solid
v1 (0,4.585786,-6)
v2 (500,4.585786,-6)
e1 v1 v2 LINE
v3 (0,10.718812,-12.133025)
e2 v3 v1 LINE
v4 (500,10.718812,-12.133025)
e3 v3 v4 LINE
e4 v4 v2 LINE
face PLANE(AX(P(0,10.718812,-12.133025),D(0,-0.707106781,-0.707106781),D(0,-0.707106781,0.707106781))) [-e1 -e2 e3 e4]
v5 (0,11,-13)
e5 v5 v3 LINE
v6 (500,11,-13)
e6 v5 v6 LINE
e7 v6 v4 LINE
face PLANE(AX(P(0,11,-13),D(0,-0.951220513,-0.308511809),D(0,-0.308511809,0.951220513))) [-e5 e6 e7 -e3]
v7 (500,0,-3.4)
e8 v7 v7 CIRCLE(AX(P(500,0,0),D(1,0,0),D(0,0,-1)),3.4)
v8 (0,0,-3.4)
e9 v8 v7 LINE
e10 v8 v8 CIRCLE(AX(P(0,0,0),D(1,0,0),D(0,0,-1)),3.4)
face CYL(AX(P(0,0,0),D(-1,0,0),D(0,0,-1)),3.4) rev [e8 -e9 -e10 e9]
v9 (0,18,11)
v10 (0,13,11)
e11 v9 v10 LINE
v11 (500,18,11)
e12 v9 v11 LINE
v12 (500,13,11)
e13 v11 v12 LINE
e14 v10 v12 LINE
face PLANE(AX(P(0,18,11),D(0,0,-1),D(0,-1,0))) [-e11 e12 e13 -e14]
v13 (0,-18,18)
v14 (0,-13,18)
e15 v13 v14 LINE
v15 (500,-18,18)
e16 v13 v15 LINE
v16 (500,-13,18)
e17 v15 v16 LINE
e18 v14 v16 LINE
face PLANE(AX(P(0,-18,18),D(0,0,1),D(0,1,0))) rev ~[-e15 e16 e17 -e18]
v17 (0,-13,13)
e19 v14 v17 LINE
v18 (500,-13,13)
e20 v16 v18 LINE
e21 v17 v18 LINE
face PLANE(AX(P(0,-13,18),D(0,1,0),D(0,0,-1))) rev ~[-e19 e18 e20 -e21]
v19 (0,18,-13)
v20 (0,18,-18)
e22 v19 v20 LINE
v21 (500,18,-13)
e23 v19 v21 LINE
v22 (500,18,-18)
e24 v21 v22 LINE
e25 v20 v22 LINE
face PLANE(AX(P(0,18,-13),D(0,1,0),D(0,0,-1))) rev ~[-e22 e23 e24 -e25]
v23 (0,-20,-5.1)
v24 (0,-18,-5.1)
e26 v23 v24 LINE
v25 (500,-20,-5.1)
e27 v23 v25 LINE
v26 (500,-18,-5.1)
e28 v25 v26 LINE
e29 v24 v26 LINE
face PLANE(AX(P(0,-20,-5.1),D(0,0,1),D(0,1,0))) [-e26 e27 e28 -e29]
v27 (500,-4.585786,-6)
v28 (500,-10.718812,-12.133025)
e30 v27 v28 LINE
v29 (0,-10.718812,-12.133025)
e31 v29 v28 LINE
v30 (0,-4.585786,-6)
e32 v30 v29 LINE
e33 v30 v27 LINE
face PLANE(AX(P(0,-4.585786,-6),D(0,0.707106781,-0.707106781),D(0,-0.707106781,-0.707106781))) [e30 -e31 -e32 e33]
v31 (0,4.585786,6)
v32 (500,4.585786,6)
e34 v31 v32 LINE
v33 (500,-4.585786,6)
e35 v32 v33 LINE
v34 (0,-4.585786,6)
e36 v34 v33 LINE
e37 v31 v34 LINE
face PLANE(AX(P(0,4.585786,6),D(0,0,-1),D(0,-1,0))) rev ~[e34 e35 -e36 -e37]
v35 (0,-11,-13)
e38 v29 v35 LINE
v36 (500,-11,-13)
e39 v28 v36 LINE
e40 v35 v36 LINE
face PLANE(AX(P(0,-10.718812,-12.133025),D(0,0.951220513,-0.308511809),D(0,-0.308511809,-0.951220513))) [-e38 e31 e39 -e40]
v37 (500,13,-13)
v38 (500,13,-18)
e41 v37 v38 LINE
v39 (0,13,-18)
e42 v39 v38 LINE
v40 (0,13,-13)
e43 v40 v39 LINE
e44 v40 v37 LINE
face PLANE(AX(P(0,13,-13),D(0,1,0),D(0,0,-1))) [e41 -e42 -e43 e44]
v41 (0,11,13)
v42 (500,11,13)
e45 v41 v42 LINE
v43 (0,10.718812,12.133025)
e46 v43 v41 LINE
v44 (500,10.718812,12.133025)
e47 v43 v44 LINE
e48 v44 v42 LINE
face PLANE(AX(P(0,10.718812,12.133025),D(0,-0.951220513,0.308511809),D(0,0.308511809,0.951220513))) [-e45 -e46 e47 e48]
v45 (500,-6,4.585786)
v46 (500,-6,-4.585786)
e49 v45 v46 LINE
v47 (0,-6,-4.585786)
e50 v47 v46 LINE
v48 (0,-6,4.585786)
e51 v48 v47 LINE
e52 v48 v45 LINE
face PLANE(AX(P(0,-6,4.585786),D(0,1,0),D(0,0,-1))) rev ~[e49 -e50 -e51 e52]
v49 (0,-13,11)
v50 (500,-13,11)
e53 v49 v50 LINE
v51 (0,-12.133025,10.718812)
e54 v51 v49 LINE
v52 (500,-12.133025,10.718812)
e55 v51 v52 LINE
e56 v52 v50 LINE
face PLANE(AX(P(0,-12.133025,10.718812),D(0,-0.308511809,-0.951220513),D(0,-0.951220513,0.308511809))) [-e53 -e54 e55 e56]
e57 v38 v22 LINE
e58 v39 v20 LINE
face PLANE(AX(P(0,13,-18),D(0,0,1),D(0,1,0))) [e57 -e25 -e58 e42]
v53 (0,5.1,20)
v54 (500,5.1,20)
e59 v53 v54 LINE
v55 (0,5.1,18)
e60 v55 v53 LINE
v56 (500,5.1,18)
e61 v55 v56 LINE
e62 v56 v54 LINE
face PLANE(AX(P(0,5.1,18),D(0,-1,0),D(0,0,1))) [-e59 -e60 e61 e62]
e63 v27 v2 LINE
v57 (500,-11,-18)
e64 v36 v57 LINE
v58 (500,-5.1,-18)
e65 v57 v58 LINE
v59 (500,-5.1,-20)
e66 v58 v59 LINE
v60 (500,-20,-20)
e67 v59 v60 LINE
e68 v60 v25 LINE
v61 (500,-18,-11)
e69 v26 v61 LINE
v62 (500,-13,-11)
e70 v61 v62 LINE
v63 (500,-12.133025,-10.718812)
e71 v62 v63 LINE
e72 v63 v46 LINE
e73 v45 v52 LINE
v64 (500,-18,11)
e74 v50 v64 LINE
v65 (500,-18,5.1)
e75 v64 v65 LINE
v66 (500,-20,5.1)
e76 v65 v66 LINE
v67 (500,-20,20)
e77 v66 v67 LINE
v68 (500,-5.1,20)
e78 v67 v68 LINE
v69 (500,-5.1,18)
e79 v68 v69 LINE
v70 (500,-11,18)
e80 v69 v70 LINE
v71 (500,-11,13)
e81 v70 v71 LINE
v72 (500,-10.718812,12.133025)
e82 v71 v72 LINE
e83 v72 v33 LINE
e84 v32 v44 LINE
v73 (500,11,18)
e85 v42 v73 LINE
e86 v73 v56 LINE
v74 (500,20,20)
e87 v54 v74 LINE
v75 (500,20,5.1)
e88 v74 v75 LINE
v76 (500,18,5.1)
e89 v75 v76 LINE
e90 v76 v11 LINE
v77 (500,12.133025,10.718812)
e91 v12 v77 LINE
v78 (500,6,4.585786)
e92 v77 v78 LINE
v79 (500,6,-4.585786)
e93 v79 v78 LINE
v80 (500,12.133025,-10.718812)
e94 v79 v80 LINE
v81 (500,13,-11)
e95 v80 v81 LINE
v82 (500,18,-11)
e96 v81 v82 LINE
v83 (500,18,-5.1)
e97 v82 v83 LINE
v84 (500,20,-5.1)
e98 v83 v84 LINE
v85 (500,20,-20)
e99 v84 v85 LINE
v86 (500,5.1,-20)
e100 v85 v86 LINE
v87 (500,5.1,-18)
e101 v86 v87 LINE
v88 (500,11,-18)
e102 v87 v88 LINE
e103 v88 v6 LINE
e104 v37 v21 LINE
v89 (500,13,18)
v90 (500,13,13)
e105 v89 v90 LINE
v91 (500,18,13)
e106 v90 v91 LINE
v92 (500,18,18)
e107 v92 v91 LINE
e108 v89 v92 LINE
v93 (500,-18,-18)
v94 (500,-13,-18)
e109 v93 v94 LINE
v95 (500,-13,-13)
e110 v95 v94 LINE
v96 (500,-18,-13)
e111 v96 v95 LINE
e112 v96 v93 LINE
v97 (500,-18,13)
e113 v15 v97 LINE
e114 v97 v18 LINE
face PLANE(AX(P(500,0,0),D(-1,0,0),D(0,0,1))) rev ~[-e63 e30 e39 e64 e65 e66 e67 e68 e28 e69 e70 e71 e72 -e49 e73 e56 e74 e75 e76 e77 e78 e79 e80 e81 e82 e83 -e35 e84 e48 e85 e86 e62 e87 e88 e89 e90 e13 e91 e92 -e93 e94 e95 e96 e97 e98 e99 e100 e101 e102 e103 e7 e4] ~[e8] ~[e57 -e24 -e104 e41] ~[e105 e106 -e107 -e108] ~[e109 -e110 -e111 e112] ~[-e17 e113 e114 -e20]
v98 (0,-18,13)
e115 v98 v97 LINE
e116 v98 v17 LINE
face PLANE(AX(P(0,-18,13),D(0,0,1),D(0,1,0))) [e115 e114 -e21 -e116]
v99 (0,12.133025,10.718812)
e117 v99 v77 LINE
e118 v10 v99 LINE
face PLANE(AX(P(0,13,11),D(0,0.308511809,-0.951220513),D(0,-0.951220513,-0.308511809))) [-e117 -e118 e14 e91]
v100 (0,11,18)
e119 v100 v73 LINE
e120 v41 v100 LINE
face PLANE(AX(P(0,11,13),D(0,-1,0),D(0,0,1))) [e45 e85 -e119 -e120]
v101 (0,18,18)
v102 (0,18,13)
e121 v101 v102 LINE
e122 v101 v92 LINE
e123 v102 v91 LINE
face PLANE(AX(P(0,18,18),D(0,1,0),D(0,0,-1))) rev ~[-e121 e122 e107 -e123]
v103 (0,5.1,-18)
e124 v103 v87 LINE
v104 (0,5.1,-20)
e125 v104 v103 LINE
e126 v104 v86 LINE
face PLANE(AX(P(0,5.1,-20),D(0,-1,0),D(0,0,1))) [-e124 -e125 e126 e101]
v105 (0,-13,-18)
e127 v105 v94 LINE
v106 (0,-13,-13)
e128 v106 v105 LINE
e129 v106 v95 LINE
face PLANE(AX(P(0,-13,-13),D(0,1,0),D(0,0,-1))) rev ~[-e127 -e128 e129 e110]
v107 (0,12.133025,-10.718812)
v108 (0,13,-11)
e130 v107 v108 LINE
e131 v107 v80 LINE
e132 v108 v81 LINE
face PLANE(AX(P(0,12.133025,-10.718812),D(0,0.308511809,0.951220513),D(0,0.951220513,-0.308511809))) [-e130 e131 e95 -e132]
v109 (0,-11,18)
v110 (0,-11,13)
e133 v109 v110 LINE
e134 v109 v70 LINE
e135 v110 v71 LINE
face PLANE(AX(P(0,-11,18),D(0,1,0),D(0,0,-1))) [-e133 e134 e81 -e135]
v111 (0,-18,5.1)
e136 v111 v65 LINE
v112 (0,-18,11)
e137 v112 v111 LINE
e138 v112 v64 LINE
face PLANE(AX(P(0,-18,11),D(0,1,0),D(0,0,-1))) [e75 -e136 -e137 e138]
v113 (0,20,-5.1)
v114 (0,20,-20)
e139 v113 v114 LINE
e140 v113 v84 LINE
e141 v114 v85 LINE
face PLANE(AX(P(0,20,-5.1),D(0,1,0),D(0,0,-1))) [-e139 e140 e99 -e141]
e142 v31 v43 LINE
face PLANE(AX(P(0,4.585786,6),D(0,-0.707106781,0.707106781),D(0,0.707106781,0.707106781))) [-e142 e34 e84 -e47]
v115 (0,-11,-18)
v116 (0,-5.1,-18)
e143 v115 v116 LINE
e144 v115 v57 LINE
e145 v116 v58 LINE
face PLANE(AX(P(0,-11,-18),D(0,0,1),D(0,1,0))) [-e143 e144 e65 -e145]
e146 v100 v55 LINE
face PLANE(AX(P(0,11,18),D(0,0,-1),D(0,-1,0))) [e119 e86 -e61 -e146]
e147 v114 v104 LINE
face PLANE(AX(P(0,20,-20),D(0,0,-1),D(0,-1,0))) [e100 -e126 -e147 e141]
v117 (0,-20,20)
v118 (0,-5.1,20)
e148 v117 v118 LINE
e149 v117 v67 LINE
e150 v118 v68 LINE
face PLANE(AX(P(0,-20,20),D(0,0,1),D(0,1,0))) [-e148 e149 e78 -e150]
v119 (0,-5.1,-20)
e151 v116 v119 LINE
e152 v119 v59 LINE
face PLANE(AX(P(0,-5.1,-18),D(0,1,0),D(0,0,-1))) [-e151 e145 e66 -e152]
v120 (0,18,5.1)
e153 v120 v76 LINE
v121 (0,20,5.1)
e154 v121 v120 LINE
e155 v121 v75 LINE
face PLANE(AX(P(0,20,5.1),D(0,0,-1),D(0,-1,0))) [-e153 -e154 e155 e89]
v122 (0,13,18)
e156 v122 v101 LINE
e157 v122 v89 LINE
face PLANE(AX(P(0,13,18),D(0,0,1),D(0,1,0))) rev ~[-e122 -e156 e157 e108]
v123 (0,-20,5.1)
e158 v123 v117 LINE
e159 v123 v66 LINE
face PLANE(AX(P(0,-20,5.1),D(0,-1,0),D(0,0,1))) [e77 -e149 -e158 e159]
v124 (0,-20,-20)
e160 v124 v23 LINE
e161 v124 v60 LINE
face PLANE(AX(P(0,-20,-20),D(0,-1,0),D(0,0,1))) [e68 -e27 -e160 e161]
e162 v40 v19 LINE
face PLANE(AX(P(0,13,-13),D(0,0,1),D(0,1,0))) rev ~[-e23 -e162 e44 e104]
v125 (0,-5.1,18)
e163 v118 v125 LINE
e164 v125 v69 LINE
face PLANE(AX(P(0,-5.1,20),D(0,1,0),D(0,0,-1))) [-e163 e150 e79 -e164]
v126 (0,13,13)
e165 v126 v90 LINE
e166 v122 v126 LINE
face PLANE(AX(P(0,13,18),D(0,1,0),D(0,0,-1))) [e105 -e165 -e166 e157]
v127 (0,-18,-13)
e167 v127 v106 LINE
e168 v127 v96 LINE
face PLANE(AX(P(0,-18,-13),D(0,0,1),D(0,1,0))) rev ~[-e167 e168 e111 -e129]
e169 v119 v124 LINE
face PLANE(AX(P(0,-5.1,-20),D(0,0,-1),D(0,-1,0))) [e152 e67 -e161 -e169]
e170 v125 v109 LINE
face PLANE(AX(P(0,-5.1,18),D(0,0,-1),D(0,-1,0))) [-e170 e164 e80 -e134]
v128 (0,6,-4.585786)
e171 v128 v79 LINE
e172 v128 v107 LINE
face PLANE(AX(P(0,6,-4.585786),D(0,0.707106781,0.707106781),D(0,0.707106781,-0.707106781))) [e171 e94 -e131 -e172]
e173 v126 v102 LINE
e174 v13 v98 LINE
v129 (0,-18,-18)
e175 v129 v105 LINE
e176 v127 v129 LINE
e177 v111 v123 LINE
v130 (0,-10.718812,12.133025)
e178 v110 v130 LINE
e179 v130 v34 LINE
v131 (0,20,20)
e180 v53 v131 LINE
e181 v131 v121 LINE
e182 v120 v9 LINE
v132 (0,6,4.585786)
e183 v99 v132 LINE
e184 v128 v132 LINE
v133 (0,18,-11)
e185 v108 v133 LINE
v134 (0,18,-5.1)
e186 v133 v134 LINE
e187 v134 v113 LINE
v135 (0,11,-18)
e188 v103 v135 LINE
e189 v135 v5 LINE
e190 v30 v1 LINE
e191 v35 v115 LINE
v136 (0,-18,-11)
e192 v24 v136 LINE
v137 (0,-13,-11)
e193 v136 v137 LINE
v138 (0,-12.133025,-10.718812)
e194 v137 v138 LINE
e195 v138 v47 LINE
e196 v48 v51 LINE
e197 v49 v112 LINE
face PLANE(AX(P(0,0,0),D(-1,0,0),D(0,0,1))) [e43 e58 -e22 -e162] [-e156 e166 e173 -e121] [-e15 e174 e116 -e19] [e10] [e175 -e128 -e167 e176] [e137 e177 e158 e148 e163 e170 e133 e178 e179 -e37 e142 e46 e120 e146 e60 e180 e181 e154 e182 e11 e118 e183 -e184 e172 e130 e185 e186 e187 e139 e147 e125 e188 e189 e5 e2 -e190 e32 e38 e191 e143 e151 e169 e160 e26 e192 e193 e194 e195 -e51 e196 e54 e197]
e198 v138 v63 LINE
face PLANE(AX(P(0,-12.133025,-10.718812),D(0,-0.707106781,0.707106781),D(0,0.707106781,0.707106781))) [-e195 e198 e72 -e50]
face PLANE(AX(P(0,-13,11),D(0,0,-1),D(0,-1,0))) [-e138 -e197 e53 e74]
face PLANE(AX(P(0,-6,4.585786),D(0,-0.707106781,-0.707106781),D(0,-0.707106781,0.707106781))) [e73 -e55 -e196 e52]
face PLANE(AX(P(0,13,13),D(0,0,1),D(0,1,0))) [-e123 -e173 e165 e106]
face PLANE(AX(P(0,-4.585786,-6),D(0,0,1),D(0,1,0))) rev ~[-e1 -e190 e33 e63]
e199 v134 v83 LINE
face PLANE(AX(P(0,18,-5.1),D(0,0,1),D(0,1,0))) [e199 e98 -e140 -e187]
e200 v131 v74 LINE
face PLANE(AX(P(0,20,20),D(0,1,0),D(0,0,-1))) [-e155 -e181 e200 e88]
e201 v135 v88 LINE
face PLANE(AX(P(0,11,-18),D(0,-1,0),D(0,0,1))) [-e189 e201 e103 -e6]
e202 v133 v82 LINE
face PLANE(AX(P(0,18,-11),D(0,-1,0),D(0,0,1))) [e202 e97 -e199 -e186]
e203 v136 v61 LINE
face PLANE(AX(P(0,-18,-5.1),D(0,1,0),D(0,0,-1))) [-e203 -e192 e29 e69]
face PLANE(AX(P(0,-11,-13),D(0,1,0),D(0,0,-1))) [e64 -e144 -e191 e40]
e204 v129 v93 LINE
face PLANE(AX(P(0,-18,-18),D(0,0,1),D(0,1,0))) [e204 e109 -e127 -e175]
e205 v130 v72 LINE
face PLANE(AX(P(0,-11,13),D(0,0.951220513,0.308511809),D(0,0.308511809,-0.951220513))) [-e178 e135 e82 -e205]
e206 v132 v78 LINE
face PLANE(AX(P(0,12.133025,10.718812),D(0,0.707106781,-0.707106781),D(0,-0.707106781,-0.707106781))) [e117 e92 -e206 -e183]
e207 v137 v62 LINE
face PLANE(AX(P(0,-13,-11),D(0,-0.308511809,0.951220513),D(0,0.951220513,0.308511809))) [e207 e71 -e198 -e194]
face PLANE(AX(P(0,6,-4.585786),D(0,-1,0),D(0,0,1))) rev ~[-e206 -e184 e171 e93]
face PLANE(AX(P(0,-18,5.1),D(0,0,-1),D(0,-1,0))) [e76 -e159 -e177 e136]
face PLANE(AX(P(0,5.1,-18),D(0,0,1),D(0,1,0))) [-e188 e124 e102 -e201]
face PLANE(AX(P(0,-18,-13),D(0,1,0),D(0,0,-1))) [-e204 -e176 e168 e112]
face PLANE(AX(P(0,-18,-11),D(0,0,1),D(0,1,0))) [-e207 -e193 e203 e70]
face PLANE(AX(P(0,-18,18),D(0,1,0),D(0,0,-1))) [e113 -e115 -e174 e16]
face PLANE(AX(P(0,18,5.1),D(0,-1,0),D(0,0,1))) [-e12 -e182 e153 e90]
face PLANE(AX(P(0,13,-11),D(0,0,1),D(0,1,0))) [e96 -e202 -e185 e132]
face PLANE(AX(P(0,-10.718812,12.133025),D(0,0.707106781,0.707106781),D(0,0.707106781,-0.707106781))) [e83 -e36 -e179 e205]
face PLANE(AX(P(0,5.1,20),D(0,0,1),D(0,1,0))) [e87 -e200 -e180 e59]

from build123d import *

# Parameters (mm, degrees)
SKETCH_1_R      = 3.4
SKETCH_1_W      = 5
SKETCH_1_H      = 5
EXTRUDE_1_DEPTH = 500


with BuildPart() as part:
    # 草图1 → 凸台-拉伸1 (new body)
    with BuildSketch(Plane(origin=(0, 0, 0), x_dir=(0, 0, -1), z_dir=(1, 0, 0))):
        Polygon((0, 6), (4.585786438, 6), (10.718811909, 12.133025471), (11, 13), (11, 18), (5.1, 18), (5.1, 20), (20, 20), (20, 5.1), (18, 5.1), (18, 11), (13, 11), (12.133025471, 10.718811909), (6, 4.585786438), (6, 0), (6, -4.585786438), (12.133025471, -10.718811909), (13, -11), (18, -11), (18, -5.1), (20, -5.1), (20, -20), (5.1, -20), (5.1, -18), (11, -18), (11, -13), (10.718811909, -12.133025471), (4.585786438, -6), (0, -6), (-4.585786438, -6), (-10.718811909, -12.133025471), (-11, -13), (-11, -18), (-5.1, -18), (-5.1, -20), (-20, -20), (-20, -5.1), (-18, -5.1), (-18, -11), (-13, -11), (-12.133025471, -10.718811909), (-6, -4.585786438), (-6, 0), (-6, 4.585786438), (-12.133025471, 10.718811909), (-13, 11), (-18, 11), (-18, 5.1), (-20, 5.1), (-20, 20), (-5.1, 20), (-5.1, 18), (-11, 18), (-11, 13), (-10.718811909, 12.133025471), (-4.585786438, 6), align=None)
        Circle(SKETCH_1_R, mode=Mode.SUBTRACT)
        with Locations((15.5, -15.5)):
            Rectangle(SKETCH_1_W, SKETCH_1_H, mode=Mode.SUBTRACT)
        with Locations((15.5, 15.5)):
            Rectangle(SKETCH_1_W, SKETCH_1_H, mode=Mode.SUBTRACT)
        with Locations((-15.5, -15.5)):
            Rectangle(SKETCH_1_W, SKETCH_1_H, mode=Mode.SUBTRACT)
        with Locations((-15.5, 15.5)):
            Rectangle(SKETCH_1_W, SKETCH_1_H, mode=Mode.SUBTRACT)
    extrude(amount=EXTRUDE_1_DEPTH)


solid = part.part
